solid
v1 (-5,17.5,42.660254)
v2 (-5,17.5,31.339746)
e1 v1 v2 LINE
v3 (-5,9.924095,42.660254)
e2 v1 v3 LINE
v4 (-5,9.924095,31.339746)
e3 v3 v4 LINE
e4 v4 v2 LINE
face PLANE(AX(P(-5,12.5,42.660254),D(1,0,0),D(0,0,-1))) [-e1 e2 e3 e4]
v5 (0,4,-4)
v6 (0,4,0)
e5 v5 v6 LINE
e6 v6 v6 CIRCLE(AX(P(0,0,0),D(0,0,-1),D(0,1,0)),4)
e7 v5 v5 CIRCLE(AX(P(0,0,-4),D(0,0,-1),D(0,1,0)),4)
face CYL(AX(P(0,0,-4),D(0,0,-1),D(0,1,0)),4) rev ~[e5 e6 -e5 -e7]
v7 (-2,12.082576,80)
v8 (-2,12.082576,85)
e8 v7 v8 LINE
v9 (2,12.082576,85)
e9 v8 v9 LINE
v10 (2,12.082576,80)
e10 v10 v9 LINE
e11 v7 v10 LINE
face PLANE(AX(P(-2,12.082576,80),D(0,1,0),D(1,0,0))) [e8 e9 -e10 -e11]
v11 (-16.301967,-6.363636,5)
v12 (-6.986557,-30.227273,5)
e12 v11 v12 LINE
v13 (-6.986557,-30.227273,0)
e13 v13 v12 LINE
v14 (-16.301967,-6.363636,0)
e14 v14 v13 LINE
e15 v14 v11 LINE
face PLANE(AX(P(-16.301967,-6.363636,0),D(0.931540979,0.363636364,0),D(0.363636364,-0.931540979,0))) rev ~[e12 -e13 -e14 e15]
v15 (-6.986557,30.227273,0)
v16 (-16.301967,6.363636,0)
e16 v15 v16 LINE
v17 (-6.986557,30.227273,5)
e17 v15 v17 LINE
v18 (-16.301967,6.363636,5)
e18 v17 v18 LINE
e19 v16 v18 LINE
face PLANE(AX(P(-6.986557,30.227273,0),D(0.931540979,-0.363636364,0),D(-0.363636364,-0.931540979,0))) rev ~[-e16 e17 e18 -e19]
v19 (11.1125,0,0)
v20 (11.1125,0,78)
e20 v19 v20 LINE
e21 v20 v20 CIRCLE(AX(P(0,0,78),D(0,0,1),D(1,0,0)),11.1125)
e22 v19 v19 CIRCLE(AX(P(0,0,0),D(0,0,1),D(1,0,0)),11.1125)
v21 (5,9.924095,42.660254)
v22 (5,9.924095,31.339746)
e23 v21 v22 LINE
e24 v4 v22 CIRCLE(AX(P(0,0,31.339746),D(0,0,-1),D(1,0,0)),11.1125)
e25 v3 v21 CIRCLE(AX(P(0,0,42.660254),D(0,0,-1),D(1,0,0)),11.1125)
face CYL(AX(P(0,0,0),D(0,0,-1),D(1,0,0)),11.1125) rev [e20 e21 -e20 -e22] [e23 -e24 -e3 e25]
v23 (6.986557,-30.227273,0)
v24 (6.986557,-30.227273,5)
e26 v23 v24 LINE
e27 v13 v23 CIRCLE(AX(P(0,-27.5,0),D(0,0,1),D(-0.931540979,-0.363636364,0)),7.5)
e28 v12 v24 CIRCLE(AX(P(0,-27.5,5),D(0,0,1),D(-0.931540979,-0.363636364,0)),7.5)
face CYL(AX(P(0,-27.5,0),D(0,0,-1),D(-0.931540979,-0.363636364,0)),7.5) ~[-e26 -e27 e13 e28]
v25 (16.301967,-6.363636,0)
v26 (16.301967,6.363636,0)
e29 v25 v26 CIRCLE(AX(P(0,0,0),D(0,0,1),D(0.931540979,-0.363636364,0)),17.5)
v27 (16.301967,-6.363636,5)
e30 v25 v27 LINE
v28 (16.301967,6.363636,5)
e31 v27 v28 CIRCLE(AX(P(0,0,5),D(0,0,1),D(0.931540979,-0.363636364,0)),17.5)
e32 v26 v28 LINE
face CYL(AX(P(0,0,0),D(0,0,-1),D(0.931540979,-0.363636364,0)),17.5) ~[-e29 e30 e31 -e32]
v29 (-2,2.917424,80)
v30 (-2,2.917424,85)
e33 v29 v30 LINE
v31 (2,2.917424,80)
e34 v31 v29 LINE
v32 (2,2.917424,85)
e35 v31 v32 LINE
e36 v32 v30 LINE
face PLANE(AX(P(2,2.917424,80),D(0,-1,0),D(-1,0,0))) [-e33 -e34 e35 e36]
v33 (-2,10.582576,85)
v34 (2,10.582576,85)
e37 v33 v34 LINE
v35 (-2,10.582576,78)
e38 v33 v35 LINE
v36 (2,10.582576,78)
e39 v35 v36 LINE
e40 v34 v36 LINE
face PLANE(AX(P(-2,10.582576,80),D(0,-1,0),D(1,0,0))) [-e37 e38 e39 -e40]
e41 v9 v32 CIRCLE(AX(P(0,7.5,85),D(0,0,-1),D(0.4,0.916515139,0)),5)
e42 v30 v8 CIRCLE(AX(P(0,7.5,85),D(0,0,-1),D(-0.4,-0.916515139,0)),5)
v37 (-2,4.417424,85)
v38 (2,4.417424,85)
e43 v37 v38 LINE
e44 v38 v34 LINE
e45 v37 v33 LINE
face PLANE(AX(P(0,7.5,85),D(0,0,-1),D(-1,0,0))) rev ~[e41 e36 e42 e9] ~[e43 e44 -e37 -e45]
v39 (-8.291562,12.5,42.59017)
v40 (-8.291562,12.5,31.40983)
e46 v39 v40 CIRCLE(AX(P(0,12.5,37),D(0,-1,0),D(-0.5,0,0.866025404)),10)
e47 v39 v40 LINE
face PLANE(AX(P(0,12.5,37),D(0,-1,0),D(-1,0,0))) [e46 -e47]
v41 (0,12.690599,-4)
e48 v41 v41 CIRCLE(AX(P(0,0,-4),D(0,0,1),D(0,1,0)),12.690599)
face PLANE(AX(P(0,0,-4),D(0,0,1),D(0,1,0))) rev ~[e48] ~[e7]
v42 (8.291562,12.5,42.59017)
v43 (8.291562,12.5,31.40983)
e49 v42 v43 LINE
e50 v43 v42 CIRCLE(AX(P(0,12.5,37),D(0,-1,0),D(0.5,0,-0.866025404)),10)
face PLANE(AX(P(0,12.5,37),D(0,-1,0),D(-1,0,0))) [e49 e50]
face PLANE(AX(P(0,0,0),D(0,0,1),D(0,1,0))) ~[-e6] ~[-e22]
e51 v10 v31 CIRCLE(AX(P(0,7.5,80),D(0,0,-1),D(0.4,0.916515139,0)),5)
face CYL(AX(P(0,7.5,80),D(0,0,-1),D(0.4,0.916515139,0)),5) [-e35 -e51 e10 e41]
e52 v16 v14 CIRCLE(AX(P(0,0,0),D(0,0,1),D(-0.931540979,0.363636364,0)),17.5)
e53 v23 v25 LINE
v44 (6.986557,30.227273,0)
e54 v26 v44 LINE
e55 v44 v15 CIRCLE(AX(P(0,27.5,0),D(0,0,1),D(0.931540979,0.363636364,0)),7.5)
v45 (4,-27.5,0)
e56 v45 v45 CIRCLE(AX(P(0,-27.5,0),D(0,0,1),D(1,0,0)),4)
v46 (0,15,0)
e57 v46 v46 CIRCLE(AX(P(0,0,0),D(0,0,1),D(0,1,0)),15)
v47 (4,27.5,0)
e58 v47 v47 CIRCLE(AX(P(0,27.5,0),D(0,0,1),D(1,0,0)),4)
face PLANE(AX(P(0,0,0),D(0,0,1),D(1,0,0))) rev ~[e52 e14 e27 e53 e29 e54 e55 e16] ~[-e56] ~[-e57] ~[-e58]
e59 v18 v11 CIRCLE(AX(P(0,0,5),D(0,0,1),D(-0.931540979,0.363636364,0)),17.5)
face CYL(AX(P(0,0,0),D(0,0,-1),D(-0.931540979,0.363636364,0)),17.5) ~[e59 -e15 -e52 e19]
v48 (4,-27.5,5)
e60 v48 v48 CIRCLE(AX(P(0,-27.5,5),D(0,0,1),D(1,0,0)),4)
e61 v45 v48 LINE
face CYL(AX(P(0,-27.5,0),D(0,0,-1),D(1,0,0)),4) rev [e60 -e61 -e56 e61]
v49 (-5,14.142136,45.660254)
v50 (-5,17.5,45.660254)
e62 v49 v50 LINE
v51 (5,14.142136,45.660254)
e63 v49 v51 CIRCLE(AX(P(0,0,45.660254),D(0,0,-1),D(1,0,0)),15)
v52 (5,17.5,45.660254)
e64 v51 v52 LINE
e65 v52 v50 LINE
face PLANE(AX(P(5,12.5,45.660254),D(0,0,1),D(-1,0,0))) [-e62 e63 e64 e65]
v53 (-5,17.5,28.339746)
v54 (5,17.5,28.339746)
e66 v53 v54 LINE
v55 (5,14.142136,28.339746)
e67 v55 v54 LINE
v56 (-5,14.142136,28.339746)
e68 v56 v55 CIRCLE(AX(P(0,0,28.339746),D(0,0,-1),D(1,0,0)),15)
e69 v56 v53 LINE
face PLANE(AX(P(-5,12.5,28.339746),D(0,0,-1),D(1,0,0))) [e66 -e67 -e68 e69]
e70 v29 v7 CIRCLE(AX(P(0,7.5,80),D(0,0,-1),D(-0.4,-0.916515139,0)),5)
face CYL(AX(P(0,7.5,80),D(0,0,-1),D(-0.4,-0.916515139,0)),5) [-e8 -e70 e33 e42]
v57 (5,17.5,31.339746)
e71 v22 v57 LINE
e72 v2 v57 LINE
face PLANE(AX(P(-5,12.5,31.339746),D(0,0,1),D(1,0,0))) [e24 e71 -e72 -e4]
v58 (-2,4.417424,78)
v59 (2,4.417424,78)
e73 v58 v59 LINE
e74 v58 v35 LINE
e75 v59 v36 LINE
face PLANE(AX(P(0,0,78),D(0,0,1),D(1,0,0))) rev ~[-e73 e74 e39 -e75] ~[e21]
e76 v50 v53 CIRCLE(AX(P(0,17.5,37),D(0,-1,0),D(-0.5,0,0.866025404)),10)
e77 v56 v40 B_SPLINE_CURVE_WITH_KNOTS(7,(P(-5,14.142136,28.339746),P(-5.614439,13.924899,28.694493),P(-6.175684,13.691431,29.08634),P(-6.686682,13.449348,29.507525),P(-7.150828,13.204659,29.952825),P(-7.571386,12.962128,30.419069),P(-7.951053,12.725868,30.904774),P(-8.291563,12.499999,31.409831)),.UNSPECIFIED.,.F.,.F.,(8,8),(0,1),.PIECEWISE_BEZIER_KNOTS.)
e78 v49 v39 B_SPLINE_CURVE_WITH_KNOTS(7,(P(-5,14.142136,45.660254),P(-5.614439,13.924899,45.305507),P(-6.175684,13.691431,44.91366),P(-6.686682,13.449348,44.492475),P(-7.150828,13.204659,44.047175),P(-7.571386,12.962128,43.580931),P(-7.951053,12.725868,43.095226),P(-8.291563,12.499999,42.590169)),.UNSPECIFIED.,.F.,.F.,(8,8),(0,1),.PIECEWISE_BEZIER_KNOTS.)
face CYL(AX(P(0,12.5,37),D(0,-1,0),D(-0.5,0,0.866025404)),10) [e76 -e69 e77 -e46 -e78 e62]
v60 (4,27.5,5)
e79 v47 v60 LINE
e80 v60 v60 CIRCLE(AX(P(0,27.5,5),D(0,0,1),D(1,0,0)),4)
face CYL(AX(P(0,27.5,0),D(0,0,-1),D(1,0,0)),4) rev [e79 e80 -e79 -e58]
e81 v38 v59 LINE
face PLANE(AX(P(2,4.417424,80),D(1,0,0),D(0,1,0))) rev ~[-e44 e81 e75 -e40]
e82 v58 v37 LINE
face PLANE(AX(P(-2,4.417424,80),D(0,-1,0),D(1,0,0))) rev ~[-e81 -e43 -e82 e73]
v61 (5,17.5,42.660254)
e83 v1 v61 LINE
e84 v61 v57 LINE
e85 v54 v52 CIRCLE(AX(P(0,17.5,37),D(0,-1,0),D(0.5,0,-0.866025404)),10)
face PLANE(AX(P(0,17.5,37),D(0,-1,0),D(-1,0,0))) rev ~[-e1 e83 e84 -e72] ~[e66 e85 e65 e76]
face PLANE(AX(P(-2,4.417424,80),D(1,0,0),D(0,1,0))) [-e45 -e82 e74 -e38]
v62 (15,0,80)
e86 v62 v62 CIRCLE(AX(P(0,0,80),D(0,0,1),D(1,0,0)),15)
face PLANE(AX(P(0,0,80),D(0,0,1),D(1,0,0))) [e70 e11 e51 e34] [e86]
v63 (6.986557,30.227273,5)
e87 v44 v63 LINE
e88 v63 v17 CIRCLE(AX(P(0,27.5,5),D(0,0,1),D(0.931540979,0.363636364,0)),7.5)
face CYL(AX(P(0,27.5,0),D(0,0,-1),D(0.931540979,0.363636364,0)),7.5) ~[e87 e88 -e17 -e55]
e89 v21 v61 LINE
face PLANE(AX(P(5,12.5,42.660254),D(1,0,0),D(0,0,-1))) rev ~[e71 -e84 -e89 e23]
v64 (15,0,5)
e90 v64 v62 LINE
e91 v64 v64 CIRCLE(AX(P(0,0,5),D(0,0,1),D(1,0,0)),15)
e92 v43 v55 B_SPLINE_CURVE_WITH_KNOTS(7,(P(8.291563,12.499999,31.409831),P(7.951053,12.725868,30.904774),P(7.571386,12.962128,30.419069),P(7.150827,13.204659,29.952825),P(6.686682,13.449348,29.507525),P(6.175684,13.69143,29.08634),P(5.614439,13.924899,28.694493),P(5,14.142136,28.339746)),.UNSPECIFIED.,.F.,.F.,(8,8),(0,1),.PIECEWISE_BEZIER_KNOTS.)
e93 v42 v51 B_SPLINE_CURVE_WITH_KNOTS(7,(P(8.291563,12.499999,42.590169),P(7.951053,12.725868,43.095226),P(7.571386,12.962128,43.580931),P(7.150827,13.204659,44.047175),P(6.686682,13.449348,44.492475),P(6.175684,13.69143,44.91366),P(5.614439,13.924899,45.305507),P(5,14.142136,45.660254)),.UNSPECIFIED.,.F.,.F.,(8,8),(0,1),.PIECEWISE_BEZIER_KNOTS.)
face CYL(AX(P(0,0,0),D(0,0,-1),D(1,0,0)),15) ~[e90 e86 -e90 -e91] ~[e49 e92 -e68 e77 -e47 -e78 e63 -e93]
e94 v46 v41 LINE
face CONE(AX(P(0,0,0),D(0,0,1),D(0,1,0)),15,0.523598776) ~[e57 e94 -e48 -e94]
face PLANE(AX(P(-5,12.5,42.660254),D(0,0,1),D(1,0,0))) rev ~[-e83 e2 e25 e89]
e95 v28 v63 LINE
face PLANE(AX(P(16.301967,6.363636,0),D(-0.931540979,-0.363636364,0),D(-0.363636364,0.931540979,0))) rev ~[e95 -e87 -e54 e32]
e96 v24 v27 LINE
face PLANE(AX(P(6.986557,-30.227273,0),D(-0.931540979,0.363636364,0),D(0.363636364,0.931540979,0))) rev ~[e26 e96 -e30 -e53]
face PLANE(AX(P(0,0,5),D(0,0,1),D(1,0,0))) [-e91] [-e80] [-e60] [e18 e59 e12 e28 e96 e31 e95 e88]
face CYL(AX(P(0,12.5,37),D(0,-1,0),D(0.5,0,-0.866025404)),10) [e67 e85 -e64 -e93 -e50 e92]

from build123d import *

# Parameters (mm, degrees)
SKETCH1_R           = 15
SKETCH1_R_2         = 4
BOSS_EXTRUDE1_DEPTH = 5
SKETCH3_R           = 15
SKETCH3_R_2         = 11.1125
BOSS_EXTRUDE2_DEPTH = 80
BOSS_EXTRUDE3_START = -2
SKETCH4_R           = 11.1125
BOSS_EXTRUDE3_DEPTH = 2
SKETCH5_W           = 4
SKETCH5_H           = 6.16515139
BOSS_EXTRUDE4_DEPTH = 5
SKETCH6_W           = 10
SKETCH6_H           = 11.320508076
BOSS_EXTRUDE5_DEPTH = 5
SKETCH8_R           = 4
CUT_EXTRUDE1_DEPTH  = 4
SKETCH10_W          = 4
SKETCH10_H          = 6.16515139
CUT_EXTRUDE2_DEPTH  = 2
SKETCH11_W          = 10
SKETCH11_H          = 11.320508076
CUT_EXTRUDE3_DEPTH  = 18.5


with BuildPart() as part:
    # Sketch1 → Boss-Extrude1 (new body)
    with BuildSketch(Plane.XY):
        with BuildLine():
            Line((-16.301967128, -6.363636364), (-6.98655734, -30.227272727))
            ThreePointArc((-6.98655734, -30.227272727), (0, -35), (6.98655734, -30.227272727))
            Line((6.98655734, -30.227272727), (16.301967128, -6.363636364))
            ThreePointArc((16.301967128, -6.363636364), (17.5, 0), (16.301967128, 6.363636364))
            Line((16.301967128, 6.363636364), (6.98655734, 30.227272727))
            ThreePointArc((6.98655734, 30.227272727), (0, 35), (-6.98655734, 30.227272727))
            Line((-6.98655734, 30.227272727), (-16.301967128, 6.363636364))
            ThreePointArc((-16.301967128, 6.363636364), (-17.5, 0), (-16.301967128, -6.363636364))
        make_face()
        Circle(SKETCH1_R, mode=Mode.SUBTRACT)
        with Locations((0, 27.5)):
            Circle(SKETCH1_R_2, mode=Mode.SUBTRACT)
        with Locations((0, -27.5)):
            Circle(SKETCH1_R_2, mode=Mode.SUBTRACT)
    extrude(amount=BOSS_EXTRUDE1_DEPTH)

    # Sketch3 → Boss-Extrude2 (add)
    with BuildSketch(Plane.XY):
        Circle(SKETCH3_R)
        Circle(SKETCH3_R_2, mode=Mode.SUBTRACT)
    extrude(amount=BOSS_EXTRUDE2_DEPTH)

    # Sketch4 → Boss-Extrude3 (add)
    with BuildSketch(Plane.XY.offset(80).offset(BOSS_EXTRUDE3_START)):
        Circle(SKETCH4_R)
    extrude(amount=BOSS_EXTRUDE3_DEPTH)

    # Sketch5 → Boss-Extrude4 (add)
    with BuildSketch(Plane.XY.offset(80)):
        with BuildLine():
            Line((-2, 12.082575695), (2, 12.082575695))
            ThreePointArc((2, 12.082575695), (5, 7.5), (2, 2.917424305))
            Line((2, 2.917424305), (-2, 2.917424305))
            ThreePointArc((-2, 2.917424305), (-5, 7.5), (-2, 12.082575695))
        make_face()
        with Locations((0, 7.5)):
            Rectangle(SKETCH5_W, SKETCH5_H, mode=Mode.SUBTRACT)
    extrude(amount=BOSS_EXTRUDE4_DEPTH)

    # Sketch6 → Boss-Extrude5 (add)
    with BuildSketch(Plane(origin=(0, 12.5, 0), x_dir=(1, 0, 0), z_dir=(0, 1, 0))):
        with BuildLine():
            Line((-5, -28.339745962), (5, -28.339745962))
            ThreePointArc((5, -28.339745962), (10, -37), (5, -45.660254038))
            Line((5, -45.660254038), (-5, -45.660254038))
            ThreePointArc((-5, -45.660254038), (-10, -37), (-5, -28.339745962))
        make_face()
        with Locations((0, -37)):
            Rectangle(SKETCH6_W, SKETCH6_H, mode=Mode.SUBTRACT)
    extrude(amount=BOSS_EXTRUDE5_DEPTH)

    # Sketch7 → Revolve1 (revolve)
    with BuildSketch(Plane(origin=(0, 0, 0), x_dir=(0, 0, -1), z_dir=(1, 0, 0))):
        Polygon((0, 15), (4, 12.690598923), (4, 0), (0, 0), align=None)
    revolve(axis=Axis((0, 0, -4), (0, 0, 1)))

    # Sketch8 → Cut-Extrude1 (cut)
    with BuildSketch(Plane(origin=(0, 0, -4), x_dir=(-1, 0, 0), z_dir=(0, 0, -1))):
        with Locations(Location((0, 0, 0), (0, 0, 90))):
            Circle(SKETCH8_R)
    extrude(amount=-CUT_EXTRUDE1_DEPTH, mode=Mode.SUBTRACT)

    # Sketch10 → Cut-Extrude2 (cut)
    with BuildSketch(Plane.XY.offset(80)):
        with Locations((0, 7.5)):
            Rectangle(SKETCH10_W, SKETCH10_H)
    extrude(amount=-CUT_EXTRUDE2_DEPTH, mode=Mode.SUBTRACT)

    # Sketch11 → Cut-Extrude3 (cut, symmetric)
    with BuildSketch(Plane(origin=(0, 12.5, 0), x_dir=(1, 0, 0), z_dir=(0, 1, 0))):
        with Locations((0, -37)):
            Rectangle(SKETCH11_W, SKETCH11_H)
    extrude(amount=CUT_EXTRUDE3_DEPTH, both=True, mode=Mode.SUBTRACT)


solid = part.part
